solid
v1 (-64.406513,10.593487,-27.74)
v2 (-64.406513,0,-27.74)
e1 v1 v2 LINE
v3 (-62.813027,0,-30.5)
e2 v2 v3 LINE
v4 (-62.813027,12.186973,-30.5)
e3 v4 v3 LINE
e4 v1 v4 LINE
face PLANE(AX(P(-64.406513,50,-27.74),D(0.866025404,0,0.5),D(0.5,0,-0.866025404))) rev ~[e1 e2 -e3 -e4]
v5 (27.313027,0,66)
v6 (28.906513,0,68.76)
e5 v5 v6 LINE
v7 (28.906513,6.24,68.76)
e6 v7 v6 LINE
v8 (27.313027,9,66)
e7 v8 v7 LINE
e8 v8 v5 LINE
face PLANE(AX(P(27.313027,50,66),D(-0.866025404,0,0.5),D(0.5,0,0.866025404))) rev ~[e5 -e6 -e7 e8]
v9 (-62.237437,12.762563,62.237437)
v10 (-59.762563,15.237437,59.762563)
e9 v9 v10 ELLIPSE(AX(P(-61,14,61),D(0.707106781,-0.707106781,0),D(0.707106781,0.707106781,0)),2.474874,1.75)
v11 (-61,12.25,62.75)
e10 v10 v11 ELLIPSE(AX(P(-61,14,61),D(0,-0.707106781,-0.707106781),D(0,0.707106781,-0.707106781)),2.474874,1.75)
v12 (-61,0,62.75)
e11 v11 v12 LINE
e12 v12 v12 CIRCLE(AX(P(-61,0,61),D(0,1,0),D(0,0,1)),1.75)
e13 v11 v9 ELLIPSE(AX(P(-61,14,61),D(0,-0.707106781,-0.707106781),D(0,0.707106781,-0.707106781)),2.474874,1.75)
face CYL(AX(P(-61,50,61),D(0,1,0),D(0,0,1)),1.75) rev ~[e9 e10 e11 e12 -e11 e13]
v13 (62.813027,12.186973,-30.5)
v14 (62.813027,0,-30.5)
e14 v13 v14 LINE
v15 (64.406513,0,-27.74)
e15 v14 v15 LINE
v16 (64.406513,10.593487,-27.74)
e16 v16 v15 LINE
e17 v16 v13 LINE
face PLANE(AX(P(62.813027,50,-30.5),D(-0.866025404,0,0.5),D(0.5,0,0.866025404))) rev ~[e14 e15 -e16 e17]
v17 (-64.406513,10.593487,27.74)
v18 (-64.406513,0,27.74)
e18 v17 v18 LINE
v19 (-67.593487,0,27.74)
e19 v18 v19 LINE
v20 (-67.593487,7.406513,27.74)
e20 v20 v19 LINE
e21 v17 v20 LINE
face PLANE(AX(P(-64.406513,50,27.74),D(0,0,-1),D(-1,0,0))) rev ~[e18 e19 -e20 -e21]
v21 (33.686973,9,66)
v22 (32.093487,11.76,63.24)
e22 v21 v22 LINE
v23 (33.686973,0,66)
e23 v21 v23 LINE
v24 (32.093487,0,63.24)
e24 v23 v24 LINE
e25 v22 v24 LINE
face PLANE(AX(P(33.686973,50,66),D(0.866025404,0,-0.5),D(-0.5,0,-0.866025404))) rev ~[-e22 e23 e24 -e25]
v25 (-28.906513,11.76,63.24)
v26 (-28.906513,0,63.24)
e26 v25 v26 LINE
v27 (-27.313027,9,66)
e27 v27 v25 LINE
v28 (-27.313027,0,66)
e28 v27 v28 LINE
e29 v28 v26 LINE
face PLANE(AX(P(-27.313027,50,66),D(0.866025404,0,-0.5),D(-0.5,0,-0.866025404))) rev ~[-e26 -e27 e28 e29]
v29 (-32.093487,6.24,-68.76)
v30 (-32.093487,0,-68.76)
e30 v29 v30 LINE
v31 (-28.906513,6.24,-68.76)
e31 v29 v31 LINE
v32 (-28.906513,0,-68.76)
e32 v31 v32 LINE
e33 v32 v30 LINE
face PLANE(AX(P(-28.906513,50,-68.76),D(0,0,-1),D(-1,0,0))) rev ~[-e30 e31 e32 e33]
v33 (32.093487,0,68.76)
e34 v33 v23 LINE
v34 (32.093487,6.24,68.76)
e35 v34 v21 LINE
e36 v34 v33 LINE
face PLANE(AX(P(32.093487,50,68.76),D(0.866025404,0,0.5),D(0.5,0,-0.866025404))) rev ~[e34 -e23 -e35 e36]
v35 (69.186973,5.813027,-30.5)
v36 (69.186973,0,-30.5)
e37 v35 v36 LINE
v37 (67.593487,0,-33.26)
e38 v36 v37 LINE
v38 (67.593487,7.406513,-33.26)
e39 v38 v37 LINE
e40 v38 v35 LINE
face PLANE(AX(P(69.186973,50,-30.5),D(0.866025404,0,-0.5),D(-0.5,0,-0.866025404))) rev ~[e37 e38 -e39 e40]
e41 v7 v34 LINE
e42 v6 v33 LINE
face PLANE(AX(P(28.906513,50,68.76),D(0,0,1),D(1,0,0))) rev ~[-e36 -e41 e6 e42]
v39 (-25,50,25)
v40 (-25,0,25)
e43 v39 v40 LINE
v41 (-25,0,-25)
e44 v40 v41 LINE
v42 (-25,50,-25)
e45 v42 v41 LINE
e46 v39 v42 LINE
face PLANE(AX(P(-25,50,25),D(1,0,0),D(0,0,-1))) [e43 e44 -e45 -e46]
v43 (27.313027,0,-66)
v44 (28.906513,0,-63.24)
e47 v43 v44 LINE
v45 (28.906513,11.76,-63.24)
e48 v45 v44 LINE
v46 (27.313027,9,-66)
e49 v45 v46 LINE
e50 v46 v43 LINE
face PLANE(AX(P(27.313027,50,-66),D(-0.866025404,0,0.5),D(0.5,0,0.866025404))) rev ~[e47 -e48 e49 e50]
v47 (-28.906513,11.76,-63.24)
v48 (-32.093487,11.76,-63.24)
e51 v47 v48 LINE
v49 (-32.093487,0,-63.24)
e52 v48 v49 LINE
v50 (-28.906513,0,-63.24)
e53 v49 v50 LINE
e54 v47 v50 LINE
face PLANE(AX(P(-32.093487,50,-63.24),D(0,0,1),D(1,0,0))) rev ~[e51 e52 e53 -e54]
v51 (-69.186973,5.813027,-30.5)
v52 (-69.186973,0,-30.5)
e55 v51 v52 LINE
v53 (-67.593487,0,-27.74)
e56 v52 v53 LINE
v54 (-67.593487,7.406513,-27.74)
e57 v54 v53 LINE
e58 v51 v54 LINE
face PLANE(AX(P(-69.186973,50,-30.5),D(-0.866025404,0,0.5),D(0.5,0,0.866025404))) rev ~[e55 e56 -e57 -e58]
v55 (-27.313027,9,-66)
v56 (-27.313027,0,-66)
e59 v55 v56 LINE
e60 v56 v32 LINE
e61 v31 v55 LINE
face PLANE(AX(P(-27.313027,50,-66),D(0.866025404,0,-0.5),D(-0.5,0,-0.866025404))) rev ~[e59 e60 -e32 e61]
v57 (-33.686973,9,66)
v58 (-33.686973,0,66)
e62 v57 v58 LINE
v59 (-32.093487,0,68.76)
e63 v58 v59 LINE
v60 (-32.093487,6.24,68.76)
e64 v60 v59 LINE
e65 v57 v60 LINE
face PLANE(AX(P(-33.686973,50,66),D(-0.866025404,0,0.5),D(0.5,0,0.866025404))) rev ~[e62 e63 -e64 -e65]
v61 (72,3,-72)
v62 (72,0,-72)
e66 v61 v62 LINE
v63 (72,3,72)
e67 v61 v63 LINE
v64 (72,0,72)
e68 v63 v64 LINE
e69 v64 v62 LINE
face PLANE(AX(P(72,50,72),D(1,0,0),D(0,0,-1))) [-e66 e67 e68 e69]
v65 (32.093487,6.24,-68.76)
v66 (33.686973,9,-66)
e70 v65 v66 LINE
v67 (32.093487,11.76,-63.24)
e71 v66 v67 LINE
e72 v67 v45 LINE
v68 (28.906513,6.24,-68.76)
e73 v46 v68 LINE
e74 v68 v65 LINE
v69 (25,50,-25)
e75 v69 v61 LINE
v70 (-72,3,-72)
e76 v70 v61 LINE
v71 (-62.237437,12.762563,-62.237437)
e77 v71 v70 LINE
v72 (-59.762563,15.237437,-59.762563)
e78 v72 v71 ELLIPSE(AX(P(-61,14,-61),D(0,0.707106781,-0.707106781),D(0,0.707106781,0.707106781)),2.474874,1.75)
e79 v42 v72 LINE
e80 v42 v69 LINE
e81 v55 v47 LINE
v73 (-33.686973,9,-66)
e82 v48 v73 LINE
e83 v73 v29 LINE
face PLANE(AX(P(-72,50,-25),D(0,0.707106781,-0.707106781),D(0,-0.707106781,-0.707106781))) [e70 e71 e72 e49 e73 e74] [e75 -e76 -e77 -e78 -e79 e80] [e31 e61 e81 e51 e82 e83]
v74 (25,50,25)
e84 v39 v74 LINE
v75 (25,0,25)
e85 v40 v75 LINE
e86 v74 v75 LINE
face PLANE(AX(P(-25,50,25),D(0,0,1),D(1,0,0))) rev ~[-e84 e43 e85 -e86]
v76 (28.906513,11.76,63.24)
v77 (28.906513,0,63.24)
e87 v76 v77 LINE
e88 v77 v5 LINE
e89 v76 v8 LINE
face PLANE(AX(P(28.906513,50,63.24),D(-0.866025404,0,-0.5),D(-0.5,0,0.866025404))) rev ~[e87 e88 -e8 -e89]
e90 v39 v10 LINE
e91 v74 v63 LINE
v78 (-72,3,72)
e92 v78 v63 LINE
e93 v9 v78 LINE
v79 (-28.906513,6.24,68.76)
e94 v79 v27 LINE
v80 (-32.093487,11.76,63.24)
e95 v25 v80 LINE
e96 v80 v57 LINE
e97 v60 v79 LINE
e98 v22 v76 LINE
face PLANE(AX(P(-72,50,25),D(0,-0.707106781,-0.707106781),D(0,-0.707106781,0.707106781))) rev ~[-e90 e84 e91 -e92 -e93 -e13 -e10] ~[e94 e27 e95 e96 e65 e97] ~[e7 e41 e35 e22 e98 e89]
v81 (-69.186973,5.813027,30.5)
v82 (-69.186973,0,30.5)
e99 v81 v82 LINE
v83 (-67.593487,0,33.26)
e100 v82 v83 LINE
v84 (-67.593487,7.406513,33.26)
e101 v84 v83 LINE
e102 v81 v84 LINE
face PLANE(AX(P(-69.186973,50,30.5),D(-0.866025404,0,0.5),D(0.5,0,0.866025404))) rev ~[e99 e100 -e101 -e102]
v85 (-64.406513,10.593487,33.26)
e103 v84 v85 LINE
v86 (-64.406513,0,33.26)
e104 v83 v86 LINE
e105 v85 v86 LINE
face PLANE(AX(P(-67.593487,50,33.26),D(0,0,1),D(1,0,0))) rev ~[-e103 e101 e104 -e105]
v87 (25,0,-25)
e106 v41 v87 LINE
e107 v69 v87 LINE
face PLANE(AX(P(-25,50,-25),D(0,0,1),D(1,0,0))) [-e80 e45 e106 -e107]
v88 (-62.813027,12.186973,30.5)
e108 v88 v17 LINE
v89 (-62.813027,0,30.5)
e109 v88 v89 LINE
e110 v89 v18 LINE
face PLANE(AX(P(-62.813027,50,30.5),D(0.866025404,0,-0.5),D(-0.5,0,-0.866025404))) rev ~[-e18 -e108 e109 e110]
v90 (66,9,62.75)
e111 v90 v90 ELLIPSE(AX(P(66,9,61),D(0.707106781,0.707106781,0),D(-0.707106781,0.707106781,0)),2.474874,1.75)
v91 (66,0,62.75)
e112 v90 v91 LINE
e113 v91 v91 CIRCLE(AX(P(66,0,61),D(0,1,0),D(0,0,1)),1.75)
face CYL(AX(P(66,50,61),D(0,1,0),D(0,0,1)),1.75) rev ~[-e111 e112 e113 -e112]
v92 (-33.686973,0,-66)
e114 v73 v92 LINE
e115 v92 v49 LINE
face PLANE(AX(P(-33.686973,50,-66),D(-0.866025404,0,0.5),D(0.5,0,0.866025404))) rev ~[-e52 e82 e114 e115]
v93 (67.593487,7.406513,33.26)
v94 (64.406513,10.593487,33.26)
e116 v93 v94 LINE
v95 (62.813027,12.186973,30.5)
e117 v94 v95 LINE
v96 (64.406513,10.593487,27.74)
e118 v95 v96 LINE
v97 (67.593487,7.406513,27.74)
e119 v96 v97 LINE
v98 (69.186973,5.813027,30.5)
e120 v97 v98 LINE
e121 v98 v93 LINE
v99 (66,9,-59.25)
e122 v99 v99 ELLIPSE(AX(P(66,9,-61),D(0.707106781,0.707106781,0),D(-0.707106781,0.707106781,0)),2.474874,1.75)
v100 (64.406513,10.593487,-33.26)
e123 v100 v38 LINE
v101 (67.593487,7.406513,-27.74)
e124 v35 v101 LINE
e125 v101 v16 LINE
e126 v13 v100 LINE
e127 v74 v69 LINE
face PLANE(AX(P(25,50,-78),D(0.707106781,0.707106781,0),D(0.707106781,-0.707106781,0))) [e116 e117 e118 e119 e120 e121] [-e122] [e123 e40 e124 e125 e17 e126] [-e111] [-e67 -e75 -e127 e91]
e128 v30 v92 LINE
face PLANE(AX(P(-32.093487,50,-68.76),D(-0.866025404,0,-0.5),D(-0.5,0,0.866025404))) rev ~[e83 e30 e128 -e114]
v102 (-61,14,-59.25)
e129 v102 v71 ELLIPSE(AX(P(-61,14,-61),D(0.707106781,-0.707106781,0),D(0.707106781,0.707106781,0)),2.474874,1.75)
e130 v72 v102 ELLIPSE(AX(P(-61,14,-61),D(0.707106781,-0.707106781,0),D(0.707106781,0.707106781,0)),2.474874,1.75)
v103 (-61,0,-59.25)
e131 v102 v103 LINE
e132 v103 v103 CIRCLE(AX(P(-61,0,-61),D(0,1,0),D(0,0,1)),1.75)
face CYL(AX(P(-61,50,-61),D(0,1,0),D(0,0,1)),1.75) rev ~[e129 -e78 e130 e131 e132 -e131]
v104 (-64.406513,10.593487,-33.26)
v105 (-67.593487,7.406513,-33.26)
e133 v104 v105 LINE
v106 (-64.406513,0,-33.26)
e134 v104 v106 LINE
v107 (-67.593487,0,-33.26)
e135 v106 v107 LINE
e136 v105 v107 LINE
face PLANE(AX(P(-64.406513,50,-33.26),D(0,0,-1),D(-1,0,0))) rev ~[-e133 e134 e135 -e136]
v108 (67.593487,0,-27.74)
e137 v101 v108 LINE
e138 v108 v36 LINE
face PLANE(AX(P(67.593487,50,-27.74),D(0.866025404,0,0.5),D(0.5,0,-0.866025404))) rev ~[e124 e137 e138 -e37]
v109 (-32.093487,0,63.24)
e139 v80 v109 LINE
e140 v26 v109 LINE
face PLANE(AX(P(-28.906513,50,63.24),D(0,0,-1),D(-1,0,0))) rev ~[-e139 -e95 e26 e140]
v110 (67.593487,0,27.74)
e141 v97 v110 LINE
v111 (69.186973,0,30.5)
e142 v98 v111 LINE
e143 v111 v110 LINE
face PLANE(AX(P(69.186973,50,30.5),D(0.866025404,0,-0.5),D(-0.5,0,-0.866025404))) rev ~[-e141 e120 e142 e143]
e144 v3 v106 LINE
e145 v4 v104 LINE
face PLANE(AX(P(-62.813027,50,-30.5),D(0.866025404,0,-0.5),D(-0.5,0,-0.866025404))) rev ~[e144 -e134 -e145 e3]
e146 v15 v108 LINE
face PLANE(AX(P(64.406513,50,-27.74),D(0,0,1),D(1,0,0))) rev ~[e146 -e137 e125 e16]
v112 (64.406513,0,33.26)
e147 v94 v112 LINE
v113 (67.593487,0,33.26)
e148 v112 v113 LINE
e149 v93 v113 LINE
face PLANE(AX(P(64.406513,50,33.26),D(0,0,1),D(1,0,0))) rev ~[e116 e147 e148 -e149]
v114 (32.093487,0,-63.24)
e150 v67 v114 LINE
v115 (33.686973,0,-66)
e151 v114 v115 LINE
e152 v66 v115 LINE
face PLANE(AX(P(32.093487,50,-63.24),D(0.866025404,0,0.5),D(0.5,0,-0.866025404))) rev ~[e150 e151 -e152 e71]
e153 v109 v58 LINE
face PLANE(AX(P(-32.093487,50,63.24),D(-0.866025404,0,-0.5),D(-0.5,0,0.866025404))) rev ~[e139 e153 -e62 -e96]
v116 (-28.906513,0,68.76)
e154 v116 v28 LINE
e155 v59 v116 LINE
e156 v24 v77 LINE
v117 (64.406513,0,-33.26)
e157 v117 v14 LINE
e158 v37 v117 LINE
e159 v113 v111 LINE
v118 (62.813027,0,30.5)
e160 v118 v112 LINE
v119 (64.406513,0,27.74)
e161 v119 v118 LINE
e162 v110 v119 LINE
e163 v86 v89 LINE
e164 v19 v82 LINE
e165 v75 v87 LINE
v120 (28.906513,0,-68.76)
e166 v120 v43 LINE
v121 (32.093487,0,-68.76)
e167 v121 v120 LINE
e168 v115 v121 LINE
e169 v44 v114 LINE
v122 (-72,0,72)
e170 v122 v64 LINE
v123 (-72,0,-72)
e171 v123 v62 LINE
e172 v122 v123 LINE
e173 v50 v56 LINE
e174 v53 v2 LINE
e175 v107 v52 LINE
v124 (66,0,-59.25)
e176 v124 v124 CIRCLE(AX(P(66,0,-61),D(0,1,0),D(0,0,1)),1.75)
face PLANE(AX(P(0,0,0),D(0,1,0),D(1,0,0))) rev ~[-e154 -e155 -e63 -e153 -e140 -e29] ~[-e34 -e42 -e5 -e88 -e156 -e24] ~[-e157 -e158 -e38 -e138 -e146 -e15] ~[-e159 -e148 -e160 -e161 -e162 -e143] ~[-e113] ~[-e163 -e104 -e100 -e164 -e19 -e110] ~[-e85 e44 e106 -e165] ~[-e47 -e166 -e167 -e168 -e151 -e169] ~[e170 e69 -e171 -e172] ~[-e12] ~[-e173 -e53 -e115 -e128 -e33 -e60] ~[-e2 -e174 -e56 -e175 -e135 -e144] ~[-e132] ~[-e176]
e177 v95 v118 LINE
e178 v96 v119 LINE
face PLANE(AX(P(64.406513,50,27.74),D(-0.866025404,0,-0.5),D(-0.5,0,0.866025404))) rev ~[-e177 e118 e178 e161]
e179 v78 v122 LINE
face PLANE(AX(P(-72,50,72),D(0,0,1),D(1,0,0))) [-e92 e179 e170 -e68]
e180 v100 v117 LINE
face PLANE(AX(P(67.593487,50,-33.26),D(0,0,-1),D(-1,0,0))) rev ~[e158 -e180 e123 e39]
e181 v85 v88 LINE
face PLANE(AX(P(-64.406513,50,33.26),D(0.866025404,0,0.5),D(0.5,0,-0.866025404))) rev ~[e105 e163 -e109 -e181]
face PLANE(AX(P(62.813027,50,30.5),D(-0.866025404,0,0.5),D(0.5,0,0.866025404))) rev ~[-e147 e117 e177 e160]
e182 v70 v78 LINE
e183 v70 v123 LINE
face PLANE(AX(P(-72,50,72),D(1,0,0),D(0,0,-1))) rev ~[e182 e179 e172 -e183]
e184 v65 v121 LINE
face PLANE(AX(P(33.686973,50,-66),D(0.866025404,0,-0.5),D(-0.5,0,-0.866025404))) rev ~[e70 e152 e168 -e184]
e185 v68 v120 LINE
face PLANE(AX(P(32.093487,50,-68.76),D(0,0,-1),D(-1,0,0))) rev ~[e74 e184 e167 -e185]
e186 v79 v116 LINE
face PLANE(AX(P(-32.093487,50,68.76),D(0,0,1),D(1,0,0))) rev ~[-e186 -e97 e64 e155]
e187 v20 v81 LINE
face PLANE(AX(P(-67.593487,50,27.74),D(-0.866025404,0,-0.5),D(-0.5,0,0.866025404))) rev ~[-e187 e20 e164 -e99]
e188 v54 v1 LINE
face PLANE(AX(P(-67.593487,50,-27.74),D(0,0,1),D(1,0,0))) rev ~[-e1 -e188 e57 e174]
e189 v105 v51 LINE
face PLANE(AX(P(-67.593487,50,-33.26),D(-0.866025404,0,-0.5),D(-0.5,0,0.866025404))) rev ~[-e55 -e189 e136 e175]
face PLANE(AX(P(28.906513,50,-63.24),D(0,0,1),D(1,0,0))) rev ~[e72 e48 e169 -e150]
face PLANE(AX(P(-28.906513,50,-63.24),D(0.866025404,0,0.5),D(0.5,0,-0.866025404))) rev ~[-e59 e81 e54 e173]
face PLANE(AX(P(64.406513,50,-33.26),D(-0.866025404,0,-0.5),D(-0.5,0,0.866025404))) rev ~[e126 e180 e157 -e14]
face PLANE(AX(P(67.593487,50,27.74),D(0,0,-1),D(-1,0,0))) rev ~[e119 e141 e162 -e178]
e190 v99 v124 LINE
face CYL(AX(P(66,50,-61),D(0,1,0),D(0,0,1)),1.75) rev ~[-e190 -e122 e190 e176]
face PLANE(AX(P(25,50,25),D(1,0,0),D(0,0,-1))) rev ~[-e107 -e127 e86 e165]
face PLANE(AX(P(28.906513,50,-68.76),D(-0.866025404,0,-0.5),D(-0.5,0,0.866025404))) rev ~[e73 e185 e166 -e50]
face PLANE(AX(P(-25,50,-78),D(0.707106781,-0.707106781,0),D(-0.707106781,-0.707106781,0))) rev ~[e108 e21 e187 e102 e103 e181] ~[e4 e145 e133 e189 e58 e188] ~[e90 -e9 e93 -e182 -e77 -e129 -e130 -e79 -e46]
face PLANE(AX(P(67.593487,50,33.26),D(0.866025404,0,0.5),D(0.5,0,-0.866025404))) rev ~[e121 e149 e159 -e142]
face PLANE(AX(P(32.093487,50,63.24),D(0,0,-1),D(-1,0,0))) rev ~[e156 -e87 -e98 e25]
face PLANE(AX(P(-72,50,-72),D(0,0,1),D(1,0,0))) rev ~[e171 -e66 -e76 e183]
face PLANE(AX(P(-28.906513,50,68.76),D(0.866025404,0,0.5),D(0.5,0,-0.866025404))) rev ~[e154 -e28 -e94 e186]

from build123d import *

# Parameters (mm, degrees)
CROQUIS1_W                 = 140
CROQUIS1_H                 = 140
CROQUIS1_R                 = 1.5
SALIENTE_EXTRUIR1_DEPTH    = 50
CROQUIS2_R                 = 1.75
CROQUIS2_W                 = 50
CROQUIS2_H                 = 50
CORTAR_EXTRUIR1_DEPTH      = 143
CROQUIS3_W                 = 144
CROQUIS3_H                 = 144
CROQUIS3_R                 = 1.75
CROQUIS3_W_2               = 50
CROQUIS3_H_2               = 50
SALIENTE_EXTRUIR3_DEPTH    = 50
CORTAR_EXTRUIR2_REACH      = 170.582
CORTAR_EXTRUIR3_DEPTH      = 92
CORTAR_EXTRUIR3_DEPTH_BACK = 78


with BuildPart() as part:
    # Croquis1 → Saliente-Extruir1 (new body)
    with BuildSketch(Plane(origin=(0, 0, 0), x_dir=(1, 0, 0), z_dir=(0, 1, 0))):
        Rectangle(CROQUIS1_W, CROQUIS1_H)
        with Locations(Location((-61, 61, 0), (0, 0, 270))):
            Circle(CROQUIS1_R, mode=Mode.SUBTRACT)
        with Locations(Location((66, 61, 0), (0, 0, 270))):
            Circle(CROQUIS1_R, mode=Mode.SUBTRACT)
        with Locations(Location((66, -61, 0), (0, 0, 270))):
            Circle(CROQUIS1_R, mode=Mode.SUBTRACT)
        with Locations(Location((-61, -61, 0), (0, 0, 270))):
            Circle(CROQUIS1_R, mode=Mode.SUBTRACT)
        with Locations(Location((66, 30.5, 0), (0, 0, 270))):
            Circle(CROQUIS1_R, mode=Mode.SUBTRACT)
        with Locations(Location((66, -30.5, 0), (0, 0, 270))):
            Circle(CROQUIS1_R, mode=Mode.SUBTRACT)
        with Locations(Location((-30.5, -66, 0), (0, 0, 270))):
            Circle(CROQUIS1_R, mode=Mode.SUBTRACT)
        with Locations(Location((30.5, -66, 0), (0, 0, 270))):
            Circle(CROQUIS1_R, mode=Mode.SUBTRACT)
        with Locations(Location((-30.5, 66, 0), (0, 0, 90))):
            Circle(CROQUIS1_R, mode=Mode.SUBTRACT)
        with Locations(Location((30.5, 66, 0), (0, 0, 90))):
            Circle(CROQUIS1_R, mode=Mode.SUBTRACT)
        with Locations(Location((-66, 30.5, 0), (0, 0, 90))):
            Circle(CROQUIS1_R, mode=Mode.SUBTRACT)
        with Locations(Location((-66, -30.5, 0), (0, 0, 90))):
            Circle(CROQUIS1_R, mode=Mode.SUBTRACT)
    extrude(amount=SALIENTE_EXTRUIR1_DEPTH)

    # Croquis2 → Cortar-Extruir1 (cut)
    with BuildSketch(Plane(origin=(0, 50, 0), x_dir=(1, 0, 0), z_dir=(0, 1, 0))):
        with Locations(Location((66, 61, 0), (0, 0, 270))):
            Circle(CROQUIS2_R)
        with Locations(Location((-61, 61, 0), (0, 0, 270))):
            Circle(CROQUIS2_R)
        with Locations(Location((-61, -61, 0), (0, 0, 270))):
            Circle(CROQUIS2_R)
        with Locations(Location((66, -61, 0), (0, 0, 270))):
            Circle(CROQUIS2_R)
        Polygon((-28.906513257, 63.24), (-27.313026514, 66), (-28.906513257, 68.76), (-32.093486743, 68.76), (-33.686973486, 66), (-32.093486743, 63.24), align=None)
        Polygon((32.093486743, 63.24), (33.686973486, 66), (32.093486743, 68.76), (28.906513257, 68.76), (27.313026514, 66), (28.906513257, 63.24), align=None)
        Polygon((67.593486743, 27.74), (69.186973486, 30.5), (67.593486743, 33.26), (64.406513257, 33.26), (62.813026514, 30.5), (64.406513257, 27.74), align=None)
        Polygon((67.593486743, -33.26), (69.186973486, -30.5), (67.593486743, -27.74), (64.406513257, -27.74), (62.813026514, -30.5), (64.406513257, -33.26), align=None)
        Polygon((32.093486743, -68.76), (33.686973486, -66), (32.093486743, -63.24), (28.906513257, -63.24), (27.313026514, -66), (28.906513257, -68.76), align=None)
        Polygon((-28.906513257, -68.76), (-27.313026514, -66), (-28.906513257, -63.24), (-32.093486743, -63.24), (-33.686973486, -66), (-32.093486743, -68.76), align=None)
        Polygon((-64.406513257, -33.26), (-62.813026514, -30.5), (-64.406513257, -27.74), (-67.593486743, -27.74), (-69.186973486, -30.5), (-67.593486743, -33.26), align=None)
        Polygon((-64.406513257, 27.74), (-62.813026514, 30.5), (-64.406513257, 33.26), (-67.593486743, 33.26), (-69.186973486, 30.5), (-67.593486743, 27.74), align=None)
        Rectangle(CROQUIS2_W, CROQUIS2_H)
    extrude(amount=-CORTAR_EXTRUIR1_DEPTH, mode=Mode.SUBTRACT)

    # Croquis3 → Saliente-Extruir3 (add)
    with BuildSketch(Plane(origin=(0, 50, 0), x_dir=(1, 0, 0), z_dir=(0, 1, 0))):
        Rectangle(CROQUIS3_W, CROQUIS3_H)
        with Locations(Location((-61, -61, 0), (0, 0, 270))):
            Circle(CROQUIS3_R, mode=Mode.SUBTRACT)
        with Locations(Location((-61, 61, 0), (0, 0, 270))):
            Circle(CROQUIS3_R, mode=Mode.SUBTRACT)
        with Locations(Location((66, 61, 0), (0, 0, 270))):
            Circle(CROQUIS3_R, mode=Mode.SUBTRACT)
        with Locations(Location((66, -61, 0), (0, 0, 270))):
            Circle(CROQUIS3_R, mode=Mode.SUBTRACT)
        Rectangle(CROQUIS3_W_2, CROQUIS3_H_2, mode=Mode.SUBTRACT)
        Polygon((-33.686973486, -66), (-32.093486743, -68.76), (-28.906513257, -68.76), (-27.313026514, -66), (-28.906513257, -63.24), (-32.093486743, -63.24), align=None, mode=Mode.SUBTRACT)
        Polygon((-67.593486743, -33.26), (-64.406513257, -33.26), (-62.813026514, -30.5), (-64.406513257, -27.74), (-67.593486743, -27.74), (-69.186973486, -30.5), align=None, mode=Mode.SUBTRACT)
        Polygon((28.906513257, 63.24), (32.093486743, 63.24), (33.686973486, 66), (32.093486743, 68.76), (28.906513257, 68.76), (27.313026514, 66), align=None, mode=Mode.SUBTRACT)
        Polygon((-33.686973486, 66), (-32.093486743, 63.24), (-28.906513257, 63.24), (-27.313026514, 66), (-28.906513257, 68.76), (-32.093486743, 68.76), align=None, mode=Mode.SUBTRACT)
        Polygon((62.813026514, 30.5), (64.406513257, 27.74), (67.593486743, 27.74), (69.186973486, 30.5), (67.593486743, 33.26), (64.406513257, 33.26), align=None, mode=Mode.SUBTRACT)
        Polygon((67.593486743, -33.26), (69.186973486, -30.5), (67.593486743, -27.74), (64.406513257, -27.74), (62.813026514, -30.5), (64.406513257, -33.26), align=None, mode=Mode.SUBTRACT)
        Polygon((33.686973486, -66), (32.093486743, -63.24), (28.906513257, -63.24), (27.313026514, -66), (28.906513257, -68.76), (32.093486743, -68.76), align=None, mode=Mode.SUBTRACT)
        Polygon((-64.406513257, 27.74), (-62.813026514, 30.5), (-64.406513257, 33.26), (-67.593486743, 33.26), (-69.186973486, 30.5), (-67.593486743, 27.74), align=None, mode=Mode.SUBTRACT)
    extrude(amount=-SALIENTE_EXTRUIR3_DEPTH)

    # Cortar-Extruir2: up to this face of the body (flat: up to its plane)
    cortar_extruir2_end = Plane(part.part.faces().sort_by_distance((72, 25, 0))[0])
    # Croquis4 → Cortar-Extruir2 (cut, up to the picked face)
    with BuildSketch(Plane.ZY.offset(72), mode=Mode.PRIVATE) as cortar_extruir2_sk1:
        Polygon((-25, 50), (-72, 3), (-72, 50), align=None)
    cortar_extruir2_tool1 = split(extrude(cortar_extruir2_sk1.sketch, amount=-CORTAR_EXTRUIR2_REACH, mode=Mode.PRIVATE), bisect_by=cortar_extruir2_end, keep=Keep.BOTH, mode=Mode.PRIVATE)
    # Croquis4 → Cortar-Extruir2 (cut, up to the picked face)
    with BuildSketch(Plane.ZY.offset(72), mode=Mode.PRIVATE) as cortar_extruir2_sk2:
        Polygon((72, 3), (72, 50), (25, 50), align=None)
    cortar_extruir2_tool2 = split(extrude(cortar_extruir2_sk2.sketch, amount=-CORTAR_EXTRUIR2_REACH, mode=Mode.PRIVATE), bisect_by=cortar_extruir2_end, keep=Keep.BOTH, mode=Mode.PRIVATE)
    add(cortar_extruir2_tool1.solids().sort_by(Axis((-72, 34.333333, -56.333333), (1, 0, 0)))[0], mode=Mode.SUBTRACT)
    add(cortar_extruir2_tool2.solids().sort_by(Axis((-72, 34.333333, 56.333333), (1, 0, 0)))[0], mode=Mode.SUBTRACT)

    # Croquis5 → Cortar-Extruir3 (cut, two sides: drawn at the far end of the back side and taken through both)
    with BuildSketch(Plane.XY.offset(-CORTAR_EXTRUIR3_DEPTH_BACK)):
        Polygon((-25, 50), (-72, 3), (-72, 50), align=None)
        Polygon((25, 50), (72, 3), (72, 50), align=None)
    extrude(amount=CORTAR_EXTRUIR3_DEPTH + CORTAR_EXTRUIR3_DEPTH_BACK, mode=Mode.SUBTRACT)


solid = part.part
